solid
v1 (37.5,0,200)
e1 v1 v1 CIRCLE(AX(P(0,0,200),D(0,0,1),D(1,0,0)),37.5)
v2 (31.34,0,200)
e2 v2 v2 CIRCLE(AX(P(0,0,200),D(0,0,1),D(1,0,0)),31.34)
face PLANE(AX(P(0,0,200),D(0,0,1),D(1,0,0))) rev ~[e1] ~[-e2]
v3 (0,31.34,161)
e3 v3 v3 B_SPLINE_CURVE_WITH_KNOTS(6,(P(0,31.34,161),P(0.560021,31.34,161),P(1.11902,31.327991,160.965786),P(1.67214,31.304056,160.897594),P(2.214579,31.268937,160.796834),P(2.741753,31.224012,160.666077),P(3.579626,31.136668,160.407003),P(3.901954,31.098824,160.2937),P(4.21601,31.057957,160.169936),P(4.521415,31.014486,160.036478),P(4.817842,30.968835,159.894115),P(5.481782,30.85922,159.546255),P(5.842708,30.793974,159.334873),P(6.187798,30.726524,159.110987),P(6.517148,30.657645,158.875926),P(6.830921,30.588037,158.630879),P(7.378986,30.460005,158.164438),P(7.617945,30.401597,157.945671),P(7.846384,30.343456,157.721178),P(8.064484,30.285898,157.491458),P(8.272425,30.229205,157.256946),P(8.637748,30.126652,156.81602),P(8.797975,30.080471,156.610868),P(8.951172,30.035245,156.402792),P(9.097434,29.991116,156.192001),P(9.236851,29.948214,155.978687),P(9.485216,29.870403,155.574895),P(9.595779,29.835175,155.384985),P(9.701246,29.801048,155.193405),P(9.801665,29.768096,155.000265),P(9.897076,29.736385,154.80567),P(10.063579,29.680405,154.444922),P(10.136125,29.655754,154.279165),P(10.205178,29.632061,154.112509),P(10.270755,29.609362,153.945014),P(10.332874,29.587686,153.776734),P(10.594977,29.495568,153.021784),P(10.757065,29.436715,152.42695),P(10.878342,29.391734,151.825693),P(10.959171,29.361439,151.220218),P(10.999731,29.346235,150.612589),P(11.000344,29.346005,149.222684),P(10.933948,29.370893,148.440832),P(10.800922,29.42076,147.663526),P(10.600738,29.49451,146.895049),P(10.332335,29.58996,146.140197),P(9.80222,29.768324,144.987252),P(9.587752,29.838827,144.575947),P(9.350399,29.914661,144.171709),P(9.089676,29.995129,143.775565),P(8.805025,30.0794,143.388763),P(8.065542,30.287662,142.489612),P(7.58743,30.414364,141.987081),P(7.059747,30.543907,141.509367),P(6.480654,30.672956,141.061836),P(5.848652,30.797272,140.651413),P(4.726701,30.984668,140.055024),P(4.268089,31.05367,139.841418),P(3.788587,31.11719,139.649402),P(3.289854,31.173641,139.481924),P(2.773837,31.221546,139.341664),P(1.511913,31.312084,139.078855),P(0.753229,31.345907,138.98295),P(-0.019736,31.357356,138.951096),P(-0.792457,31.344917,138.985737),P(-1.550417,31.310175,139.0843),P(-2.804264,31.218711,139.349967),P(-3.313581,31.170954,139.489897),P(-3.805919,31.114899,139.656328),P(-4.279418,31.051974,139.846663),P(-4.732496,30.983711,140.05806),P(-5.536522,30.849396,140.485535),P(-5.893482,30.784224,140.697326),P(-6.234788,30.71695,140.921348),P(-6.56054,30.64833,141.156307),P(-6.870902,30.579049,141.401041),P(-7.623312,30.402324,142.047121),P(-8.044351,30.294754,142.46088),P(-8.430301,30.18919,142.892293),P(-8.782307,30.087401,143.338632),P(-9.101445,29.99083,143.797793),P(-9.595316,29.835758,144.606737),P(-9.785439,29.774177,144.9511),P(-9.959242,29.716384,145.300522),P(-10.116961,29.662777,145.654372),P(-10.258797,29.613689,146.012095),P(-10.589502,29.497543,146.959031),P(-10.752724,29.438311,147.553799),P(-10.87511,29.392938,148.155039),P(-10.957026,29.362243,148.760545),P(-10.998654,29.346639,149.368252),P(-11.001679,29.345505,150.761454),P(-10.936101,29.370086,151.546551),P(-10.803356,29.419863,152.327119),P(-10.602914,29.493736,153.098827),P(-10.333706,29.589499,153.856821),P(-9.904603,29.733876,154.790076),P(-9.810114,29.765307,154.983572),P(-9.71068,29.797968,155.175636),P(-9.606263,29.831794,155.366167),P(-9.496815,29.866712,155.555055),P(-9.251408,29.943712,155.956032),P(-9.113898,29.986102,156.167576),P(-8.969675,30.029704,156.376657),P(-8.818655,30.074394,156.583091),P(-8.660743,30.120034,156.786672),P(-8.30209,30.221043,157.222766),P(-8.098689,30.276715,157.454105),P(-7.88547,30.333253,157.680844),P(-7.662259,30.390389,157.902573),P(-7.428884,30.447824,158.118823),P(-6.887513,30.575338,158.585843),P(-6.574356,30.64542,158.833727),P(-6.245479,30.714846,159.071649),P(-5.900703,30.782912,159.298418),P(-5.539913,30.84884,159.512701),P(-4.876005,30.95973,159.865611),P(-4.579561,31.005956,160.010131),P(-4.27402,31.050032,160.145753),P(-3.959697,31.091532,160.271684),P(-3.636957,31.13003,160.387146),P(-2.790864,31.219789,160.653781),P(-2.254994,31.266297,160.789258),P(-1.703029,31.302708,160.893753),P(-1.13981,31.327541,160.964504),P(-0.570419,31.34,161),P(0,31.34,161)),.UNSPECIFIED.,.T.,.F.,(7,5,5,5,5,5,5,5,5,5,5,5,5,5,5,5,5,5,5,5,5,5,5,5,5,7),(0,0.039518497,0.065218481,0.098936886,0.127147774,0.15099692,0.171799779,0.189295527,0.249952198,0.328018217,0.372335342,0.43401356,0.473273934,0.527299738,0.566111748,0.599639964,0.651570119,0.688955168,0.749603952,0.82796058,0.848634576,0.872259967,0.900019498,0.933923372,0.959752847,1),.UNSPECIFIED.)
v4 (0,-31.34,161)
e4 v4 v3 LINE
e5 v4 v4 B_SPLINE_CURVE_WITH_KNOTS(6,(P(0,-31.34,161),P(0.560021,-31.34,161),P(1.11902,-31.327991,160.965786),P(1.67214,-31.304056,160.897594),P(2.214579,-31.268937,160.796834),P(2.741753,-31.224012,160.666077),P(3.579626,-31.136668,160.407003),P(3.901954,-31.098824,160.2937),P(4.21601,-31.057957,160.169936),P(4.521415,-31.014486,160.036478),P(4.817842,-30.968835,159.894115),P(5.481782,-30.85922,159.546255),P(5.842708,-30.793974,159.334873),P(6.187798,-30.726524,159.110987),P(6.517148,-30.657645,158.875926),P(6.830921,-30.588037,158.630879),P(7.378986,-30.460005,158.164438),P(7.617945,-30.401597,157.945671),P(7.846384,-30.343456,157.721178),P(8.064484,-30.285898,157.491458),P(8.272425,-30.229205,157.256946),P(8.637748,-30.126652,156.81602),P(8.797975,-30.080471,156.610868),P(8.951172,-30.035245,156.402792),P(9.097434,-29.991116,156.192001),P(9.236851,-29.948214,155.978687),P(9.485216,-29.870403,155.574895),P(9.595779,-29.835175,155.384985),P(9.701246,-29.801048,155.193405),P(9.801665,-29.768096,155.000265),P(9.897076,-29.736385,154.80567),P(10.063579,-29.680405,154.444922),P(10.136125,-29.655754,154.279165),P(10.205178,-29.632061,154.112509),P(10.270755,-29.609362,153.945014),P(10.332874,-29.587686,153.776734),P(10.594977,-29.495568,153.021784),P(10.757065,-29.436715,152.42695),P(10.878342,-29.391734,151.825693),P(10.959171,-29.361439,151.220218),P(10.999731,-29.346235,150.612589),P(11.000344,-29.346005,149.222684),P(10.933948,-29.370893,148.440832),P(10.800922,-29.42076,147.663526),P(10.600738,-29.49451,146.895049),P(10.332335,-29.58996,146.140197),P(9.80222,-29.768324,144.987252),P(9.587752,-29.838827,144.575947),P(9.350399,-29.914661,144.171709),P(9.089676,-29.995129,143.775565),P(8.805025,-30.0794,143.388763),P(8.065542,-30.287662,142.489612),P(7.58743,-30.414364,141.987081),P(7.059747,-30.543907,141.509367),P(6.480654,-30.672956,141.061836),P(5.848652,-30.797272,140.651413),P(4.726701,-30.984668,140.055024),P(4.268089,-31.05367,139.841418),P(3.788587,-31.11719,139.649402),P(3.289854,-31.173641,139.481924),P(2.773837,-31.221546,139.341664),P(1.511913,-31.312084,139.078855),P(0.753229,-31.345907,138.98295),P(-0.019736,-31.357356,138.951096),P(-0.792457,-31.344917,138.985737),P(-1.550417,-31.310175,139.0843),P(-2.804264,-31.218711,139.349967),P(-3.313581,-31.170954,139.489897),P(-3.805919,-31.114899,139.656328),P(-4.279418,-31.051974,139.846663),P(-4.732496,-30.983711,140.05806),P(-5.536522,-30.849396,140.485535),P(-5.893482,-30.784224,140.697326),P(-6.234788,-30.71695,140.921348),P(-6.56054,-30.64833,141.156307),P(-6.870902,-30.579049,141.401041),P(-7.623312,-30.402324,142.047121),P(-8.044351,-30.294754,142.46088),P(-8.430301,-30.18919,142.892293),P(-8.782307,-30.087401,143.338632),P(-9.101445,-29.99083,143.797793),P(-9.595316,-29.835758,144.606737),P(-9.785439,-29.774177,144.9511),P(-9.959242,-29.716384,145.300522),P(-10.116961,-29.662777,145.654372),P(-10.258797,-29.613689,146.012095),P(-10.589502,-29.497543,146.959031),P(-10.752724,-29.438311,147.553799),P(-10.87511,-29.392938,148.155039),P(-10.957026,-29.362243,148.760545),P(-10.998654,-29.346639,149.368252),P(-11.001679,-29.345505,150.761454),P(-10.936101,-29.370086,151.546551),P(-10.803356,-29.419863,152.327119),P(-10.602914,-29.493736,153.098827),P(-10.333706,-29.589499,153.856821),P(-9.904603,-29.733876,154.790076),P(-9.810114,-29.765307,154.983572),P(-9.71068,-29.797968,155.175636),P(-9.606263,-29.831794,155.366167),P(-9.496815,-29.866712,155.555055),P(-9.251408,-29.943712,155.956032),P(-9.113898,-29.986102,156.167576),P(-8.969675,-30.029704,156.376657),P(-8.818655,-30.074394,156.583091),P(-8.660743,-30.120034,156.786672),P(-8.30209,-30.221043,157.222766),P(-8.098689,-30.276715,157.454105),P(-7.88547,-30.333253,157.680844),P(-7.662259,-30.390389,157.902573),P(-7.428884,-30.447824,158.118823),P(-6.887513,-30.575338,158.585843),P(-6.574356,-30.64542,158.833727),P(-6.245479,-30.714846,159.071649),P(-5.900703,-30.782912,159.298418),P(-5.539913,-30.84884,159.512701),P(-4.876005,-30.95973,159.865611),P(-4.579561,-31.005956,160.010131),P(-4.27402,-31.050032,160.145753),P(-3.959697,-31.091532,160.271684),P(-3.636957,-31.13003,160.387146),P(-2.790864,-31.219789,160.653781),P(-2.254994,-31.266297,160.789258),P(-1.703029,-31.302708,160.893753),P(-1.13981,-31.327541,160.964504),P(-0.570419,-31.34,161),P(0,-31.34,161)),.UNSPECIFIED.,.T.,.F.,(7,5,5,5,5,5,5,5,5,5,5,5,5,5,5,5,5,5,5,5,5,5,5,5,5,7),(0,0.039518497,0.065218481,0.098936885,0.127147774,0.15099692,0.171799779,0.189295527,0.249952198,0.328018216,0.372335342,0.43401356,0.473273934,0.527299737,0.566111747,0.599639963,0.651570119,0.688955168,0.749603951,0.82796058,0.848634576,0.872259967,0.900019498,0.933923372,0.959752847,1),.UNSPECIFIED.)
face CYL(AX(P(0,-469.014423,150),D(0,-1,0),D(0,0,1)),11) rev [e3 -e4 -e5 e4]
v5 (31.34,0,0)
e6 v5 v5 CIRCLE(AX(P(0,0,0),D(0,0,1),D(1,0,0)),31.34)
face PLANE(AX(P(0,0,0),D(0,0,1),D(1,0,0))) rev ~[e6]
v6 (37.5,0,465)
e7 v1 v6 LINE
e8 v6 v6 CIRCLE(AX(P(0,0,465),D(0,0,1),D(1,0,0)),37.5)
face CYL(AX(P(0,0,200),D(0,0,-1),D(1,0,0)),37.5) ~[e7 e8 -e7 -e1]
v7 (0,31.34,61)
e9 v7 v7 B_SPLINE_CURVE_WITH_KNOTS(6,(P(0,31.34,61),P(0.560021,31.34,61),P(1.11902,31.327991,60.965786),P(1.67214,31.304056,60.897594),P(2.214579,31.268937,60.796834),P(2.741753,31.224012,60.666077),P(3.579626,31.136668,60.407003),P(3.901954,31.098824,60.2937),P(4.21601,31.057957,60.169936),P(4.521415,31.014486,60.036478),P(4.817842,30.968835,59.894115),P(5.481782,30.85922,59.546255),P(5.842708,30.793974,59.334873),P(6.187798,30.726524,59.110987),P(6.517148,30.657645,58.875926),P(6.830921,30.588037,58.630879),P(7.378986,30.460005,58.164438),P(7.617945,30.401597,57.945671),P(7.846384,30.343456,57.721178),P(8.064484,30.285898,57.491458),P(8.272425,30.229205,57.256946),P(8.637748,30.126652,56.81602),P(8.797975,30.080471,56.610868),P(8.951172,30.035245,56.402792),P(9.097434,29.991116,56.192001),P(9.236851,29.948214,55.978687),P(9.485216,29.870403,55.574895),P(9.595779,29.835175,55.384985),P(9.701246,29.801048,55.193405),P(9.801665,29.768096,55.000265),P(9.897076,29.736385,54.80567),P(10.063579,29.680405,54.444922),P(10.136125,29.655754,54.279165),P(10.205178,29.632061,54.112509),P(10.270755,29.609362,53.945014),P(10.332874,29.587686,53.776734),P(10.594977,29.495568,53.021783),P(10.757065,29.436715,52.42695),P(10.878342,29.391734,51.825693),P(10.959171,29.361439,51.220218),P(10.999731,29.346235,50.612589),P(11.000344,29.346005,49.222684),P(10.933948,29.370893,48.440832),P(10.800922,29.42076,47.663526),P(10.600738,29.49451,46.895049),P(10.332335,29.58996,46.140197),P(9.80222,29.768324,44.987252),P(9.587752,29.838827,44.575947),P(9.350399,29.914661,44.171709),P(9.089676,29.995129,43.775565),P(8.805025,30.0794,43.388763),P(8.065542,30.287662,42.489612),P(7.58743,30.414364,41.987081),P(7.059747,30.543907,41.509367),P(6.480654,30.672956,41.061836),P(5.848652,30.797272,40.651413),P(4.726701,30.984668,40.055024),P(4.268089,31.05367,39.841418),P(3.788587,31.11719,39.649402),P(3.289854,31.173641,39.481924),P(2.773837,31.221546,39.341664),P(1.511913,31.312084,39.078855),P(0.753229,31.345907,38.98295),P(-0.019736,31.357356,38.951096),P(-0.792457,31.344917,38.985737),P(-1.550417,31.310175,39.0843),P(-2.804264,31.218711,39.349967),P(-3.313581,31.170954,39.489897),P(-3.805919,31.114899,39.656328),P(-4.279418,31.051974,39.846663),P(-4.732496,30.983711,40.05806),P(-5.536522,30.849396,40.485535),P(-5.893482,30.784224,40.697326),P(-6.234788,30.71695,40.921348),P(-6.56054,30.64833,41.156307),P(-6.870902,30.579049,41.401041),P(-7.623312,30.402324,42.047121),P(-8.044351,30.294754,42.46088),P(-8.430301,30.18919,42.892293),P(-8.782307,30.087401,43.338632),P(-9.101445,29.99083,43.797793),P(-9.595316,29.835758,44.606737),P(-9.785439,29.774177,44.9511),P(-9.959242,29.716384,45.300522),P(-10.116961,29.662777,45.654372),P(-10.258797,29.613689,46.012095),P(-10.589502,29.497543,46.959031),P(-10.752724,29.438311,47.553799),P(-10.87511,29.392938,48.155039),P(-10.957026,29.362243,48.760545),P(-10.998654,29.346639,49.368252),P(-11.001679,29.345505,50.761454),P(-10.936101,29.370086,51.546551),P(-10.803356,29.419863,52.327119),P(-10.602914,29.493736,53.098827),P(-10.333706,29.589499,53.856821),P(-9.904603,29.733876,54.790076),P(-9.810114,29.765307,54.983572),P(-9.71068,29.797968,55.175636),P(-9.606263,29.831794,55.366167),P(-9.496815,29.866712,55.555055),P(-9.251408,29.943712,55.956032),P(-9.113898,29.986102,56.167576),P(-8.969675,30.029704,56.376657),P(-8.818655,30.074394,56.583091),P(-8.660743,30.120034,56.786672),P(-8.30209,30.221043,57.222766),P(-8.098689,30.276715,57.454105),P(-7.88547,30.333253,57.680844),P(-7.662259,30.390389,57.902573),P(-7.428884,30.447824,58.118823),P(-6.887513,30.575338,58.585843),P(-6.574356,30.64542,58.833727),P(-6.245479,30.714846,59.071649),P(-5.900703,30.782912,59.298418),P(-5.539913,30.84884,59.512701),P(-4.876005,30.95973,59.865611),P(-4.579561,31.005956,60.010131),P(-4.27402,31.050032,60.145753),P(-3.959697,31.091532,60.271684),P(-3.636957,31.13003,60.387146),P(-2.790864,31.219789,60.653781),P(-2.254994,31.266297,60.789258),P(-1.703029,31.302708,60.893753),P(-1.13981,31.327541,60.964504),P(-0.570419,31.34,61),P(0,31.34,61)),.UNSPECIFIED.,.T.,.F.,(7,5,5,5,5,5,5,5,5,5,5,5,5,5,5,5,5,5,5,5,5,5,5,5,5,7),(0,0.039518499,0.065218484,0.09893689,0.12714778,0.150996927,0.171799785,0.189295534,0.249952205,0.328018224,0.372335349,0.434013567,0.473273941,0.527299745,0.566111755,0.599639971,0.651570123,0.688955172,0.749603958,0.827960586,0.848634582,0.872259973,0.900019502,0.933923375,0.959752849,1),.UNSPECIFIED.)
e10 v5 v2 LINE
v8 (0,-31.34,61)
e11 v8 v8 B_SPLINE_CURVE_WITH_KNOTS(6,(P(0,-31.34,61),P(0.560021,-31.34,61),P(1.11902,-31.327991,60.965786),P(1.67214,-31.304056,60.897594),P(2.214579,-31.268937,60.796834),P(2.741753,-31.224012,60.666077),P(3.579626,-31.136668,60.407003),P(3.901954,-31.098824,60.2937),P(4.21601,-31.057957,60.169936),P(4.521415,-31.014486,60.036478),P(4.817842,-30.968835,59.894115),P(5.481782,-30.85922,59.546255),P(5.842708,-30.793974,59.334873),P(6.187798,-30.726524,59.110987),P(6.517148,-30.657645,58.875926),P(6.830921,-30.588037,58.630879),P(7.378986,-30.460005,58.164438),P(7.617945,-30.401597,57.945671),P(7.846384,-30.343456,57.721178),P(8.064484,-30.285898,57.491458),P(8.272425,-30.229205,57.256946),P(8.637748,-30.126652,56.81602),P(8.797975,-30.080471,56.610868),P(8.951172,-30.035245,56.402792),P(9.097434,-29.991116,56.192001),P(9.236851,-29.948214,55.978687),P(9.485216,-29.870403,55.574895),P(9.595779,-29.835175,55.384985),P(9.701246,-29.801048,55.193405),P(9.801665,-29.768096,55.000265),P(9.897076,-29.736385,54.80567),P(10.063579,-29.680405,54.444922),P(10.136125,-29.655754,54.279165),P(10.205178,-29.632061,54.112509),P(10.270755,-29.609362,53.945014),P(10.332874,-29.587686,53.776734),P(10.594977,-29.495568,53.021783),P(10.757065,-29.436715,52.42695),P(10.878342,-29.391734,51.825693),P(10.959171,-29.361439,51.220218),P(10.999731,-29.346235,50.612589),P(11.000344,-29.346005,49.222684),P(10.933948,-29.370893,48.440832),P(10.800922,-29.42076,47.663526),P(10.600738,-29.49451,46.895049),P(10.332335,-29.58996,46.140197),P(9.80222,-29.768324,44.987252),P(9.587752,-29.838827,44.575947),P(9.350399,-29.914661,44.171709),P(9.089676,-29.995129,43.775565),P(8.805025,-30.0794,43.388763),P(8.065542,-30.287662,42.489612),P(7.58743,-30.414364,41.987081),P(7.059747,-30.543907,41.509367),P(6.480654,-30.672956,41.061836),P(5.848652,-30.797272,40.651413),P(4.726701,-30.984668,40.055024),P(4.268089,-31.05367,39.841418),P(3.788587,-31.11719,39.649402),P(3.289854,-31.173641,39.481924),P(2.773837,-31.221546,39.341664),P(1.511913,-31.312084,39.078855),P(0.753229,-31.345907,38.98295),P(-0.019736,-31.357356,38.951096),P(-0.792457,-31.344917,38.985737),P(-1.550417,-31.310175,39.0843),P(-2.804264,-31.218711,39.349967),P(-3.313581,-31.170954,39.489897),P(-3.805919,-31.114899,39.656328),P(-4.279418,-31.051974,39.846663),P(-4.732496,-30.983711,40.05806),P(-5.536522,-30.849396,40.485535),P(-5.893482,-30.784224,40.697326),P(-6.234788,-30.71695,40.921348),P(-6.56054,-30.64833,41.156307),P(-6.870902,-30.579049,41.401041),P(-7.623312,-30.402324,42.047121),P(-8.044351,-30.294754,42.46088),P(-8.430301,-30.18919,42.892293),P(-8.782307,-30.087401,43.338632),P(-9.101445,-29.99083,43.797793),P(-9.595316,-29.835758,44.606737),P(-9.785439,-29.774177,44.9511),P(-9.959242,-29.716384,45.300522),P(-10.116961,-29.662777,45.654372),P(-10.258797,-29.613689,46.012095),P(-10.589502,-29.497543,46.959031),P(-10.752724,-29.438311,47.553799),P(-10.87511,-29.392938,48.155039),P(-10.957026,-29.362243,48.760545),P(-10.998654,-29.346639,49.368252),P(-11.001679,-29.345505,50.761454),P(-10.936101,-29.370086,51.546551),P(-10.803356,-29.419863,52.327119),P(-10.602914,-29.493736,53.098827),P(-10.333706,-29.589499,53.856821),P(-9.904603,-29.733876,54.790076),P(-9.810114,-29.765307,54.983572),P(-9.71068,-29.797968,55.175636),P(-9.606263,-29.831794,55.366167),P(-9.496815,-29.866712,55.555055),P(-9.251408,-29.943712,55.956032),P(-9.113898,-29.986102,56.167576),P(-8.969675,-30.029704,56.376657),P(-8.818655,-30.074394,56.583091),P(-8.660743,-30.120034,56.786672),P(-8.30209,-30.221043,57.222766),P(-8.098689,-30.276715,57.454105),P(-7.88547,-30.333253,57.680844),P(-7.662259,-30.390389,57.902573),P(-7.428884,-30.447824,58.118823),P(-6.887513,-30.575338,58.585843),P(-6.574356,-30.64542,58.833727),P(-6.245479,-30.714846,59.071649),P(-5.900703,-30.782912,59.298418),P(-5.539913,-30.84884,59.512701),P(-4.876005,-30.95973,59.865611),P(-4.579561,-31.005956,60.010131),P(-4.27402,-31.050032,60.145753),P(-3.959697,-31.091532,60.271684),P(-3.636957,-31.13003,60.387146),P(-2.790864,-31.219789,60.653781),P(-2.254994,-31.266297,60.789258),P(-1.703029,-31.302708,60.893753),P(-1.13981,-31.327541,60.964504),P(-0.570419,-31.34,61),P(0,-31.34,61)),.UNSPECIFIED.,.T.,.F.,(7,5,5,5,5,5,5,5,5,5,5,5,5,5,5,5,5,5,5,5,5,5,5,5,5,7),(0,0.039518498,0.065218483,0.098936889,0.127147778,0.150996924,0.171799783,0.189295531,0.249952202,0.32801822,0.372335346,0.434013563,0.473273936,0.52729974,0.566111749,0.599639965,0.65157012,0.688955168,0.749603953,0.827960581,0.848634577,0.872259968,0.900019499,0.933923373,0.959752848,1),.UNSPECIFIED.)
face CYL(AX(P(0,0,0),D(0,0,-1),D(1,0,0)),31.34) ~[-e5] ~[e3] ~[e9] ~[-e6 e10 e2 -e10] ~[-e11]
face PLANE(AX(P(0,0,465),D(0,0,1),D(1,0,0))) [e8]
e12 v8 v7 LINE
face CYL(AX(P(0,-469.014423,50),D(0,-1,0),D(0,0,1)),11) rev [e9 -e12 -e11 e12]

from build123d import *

# Parameters (mm, degrees)
SKETCH1_R               = 31.34
BOSS_EXTRUDE1_DEPTH     = 200
SKETCH2_R               = 37.5
BOSS_EXTRUDE2_DEPTH     = 265
CUT_EXTRUDE1_DEPTH      = 469.014422855
CUT_EXTRUDE1_DEPTH_BACK = 469.014422855
SKETCH3_R               = 11


with BuildPart() as part:
    # Sketch1 → Boss-Extrude1 (new body)
    with BuildSketch(Plane.XY):
        Circle(SKETCH1_R)
    extrude(amount=BOSS_EXTRUDE1_DEPTH)

    # Sketch2 → Boss-Extrude2 (add)
    with BuildSketch(Plane.XY.offset(200)):
        Circle(SKETCH2_R)
    extrude(amount=BOSS_EXTRUDE2_DEPTH)

    # Sketch3 → Cut-Extrude1 (cut, two sides: drawn at the far end of the back side and taken through both)
    with BuildSketch(Plane(origin=(0, 0, 0), x_dir=(1, 0, 0), z_dir=(0, 1, 0)).offset(-CUT_EXTRUDE1_DEPTH_BACK)):
        with Locations(Location((0, -150, 0), (0, 0, 270))):
            Circle(SKETCH3_R)
        with Locations(Location((0, -50, 0), (0, 0, 270))):
            Circle(SKETCH3_R)
    extrude(amount=CUT_EXTRUDE1_DEPTH + CUT_EXTRUDE1_DEPTH_BACK, mode=Mode.SUBTRACT)


solid = part.part
